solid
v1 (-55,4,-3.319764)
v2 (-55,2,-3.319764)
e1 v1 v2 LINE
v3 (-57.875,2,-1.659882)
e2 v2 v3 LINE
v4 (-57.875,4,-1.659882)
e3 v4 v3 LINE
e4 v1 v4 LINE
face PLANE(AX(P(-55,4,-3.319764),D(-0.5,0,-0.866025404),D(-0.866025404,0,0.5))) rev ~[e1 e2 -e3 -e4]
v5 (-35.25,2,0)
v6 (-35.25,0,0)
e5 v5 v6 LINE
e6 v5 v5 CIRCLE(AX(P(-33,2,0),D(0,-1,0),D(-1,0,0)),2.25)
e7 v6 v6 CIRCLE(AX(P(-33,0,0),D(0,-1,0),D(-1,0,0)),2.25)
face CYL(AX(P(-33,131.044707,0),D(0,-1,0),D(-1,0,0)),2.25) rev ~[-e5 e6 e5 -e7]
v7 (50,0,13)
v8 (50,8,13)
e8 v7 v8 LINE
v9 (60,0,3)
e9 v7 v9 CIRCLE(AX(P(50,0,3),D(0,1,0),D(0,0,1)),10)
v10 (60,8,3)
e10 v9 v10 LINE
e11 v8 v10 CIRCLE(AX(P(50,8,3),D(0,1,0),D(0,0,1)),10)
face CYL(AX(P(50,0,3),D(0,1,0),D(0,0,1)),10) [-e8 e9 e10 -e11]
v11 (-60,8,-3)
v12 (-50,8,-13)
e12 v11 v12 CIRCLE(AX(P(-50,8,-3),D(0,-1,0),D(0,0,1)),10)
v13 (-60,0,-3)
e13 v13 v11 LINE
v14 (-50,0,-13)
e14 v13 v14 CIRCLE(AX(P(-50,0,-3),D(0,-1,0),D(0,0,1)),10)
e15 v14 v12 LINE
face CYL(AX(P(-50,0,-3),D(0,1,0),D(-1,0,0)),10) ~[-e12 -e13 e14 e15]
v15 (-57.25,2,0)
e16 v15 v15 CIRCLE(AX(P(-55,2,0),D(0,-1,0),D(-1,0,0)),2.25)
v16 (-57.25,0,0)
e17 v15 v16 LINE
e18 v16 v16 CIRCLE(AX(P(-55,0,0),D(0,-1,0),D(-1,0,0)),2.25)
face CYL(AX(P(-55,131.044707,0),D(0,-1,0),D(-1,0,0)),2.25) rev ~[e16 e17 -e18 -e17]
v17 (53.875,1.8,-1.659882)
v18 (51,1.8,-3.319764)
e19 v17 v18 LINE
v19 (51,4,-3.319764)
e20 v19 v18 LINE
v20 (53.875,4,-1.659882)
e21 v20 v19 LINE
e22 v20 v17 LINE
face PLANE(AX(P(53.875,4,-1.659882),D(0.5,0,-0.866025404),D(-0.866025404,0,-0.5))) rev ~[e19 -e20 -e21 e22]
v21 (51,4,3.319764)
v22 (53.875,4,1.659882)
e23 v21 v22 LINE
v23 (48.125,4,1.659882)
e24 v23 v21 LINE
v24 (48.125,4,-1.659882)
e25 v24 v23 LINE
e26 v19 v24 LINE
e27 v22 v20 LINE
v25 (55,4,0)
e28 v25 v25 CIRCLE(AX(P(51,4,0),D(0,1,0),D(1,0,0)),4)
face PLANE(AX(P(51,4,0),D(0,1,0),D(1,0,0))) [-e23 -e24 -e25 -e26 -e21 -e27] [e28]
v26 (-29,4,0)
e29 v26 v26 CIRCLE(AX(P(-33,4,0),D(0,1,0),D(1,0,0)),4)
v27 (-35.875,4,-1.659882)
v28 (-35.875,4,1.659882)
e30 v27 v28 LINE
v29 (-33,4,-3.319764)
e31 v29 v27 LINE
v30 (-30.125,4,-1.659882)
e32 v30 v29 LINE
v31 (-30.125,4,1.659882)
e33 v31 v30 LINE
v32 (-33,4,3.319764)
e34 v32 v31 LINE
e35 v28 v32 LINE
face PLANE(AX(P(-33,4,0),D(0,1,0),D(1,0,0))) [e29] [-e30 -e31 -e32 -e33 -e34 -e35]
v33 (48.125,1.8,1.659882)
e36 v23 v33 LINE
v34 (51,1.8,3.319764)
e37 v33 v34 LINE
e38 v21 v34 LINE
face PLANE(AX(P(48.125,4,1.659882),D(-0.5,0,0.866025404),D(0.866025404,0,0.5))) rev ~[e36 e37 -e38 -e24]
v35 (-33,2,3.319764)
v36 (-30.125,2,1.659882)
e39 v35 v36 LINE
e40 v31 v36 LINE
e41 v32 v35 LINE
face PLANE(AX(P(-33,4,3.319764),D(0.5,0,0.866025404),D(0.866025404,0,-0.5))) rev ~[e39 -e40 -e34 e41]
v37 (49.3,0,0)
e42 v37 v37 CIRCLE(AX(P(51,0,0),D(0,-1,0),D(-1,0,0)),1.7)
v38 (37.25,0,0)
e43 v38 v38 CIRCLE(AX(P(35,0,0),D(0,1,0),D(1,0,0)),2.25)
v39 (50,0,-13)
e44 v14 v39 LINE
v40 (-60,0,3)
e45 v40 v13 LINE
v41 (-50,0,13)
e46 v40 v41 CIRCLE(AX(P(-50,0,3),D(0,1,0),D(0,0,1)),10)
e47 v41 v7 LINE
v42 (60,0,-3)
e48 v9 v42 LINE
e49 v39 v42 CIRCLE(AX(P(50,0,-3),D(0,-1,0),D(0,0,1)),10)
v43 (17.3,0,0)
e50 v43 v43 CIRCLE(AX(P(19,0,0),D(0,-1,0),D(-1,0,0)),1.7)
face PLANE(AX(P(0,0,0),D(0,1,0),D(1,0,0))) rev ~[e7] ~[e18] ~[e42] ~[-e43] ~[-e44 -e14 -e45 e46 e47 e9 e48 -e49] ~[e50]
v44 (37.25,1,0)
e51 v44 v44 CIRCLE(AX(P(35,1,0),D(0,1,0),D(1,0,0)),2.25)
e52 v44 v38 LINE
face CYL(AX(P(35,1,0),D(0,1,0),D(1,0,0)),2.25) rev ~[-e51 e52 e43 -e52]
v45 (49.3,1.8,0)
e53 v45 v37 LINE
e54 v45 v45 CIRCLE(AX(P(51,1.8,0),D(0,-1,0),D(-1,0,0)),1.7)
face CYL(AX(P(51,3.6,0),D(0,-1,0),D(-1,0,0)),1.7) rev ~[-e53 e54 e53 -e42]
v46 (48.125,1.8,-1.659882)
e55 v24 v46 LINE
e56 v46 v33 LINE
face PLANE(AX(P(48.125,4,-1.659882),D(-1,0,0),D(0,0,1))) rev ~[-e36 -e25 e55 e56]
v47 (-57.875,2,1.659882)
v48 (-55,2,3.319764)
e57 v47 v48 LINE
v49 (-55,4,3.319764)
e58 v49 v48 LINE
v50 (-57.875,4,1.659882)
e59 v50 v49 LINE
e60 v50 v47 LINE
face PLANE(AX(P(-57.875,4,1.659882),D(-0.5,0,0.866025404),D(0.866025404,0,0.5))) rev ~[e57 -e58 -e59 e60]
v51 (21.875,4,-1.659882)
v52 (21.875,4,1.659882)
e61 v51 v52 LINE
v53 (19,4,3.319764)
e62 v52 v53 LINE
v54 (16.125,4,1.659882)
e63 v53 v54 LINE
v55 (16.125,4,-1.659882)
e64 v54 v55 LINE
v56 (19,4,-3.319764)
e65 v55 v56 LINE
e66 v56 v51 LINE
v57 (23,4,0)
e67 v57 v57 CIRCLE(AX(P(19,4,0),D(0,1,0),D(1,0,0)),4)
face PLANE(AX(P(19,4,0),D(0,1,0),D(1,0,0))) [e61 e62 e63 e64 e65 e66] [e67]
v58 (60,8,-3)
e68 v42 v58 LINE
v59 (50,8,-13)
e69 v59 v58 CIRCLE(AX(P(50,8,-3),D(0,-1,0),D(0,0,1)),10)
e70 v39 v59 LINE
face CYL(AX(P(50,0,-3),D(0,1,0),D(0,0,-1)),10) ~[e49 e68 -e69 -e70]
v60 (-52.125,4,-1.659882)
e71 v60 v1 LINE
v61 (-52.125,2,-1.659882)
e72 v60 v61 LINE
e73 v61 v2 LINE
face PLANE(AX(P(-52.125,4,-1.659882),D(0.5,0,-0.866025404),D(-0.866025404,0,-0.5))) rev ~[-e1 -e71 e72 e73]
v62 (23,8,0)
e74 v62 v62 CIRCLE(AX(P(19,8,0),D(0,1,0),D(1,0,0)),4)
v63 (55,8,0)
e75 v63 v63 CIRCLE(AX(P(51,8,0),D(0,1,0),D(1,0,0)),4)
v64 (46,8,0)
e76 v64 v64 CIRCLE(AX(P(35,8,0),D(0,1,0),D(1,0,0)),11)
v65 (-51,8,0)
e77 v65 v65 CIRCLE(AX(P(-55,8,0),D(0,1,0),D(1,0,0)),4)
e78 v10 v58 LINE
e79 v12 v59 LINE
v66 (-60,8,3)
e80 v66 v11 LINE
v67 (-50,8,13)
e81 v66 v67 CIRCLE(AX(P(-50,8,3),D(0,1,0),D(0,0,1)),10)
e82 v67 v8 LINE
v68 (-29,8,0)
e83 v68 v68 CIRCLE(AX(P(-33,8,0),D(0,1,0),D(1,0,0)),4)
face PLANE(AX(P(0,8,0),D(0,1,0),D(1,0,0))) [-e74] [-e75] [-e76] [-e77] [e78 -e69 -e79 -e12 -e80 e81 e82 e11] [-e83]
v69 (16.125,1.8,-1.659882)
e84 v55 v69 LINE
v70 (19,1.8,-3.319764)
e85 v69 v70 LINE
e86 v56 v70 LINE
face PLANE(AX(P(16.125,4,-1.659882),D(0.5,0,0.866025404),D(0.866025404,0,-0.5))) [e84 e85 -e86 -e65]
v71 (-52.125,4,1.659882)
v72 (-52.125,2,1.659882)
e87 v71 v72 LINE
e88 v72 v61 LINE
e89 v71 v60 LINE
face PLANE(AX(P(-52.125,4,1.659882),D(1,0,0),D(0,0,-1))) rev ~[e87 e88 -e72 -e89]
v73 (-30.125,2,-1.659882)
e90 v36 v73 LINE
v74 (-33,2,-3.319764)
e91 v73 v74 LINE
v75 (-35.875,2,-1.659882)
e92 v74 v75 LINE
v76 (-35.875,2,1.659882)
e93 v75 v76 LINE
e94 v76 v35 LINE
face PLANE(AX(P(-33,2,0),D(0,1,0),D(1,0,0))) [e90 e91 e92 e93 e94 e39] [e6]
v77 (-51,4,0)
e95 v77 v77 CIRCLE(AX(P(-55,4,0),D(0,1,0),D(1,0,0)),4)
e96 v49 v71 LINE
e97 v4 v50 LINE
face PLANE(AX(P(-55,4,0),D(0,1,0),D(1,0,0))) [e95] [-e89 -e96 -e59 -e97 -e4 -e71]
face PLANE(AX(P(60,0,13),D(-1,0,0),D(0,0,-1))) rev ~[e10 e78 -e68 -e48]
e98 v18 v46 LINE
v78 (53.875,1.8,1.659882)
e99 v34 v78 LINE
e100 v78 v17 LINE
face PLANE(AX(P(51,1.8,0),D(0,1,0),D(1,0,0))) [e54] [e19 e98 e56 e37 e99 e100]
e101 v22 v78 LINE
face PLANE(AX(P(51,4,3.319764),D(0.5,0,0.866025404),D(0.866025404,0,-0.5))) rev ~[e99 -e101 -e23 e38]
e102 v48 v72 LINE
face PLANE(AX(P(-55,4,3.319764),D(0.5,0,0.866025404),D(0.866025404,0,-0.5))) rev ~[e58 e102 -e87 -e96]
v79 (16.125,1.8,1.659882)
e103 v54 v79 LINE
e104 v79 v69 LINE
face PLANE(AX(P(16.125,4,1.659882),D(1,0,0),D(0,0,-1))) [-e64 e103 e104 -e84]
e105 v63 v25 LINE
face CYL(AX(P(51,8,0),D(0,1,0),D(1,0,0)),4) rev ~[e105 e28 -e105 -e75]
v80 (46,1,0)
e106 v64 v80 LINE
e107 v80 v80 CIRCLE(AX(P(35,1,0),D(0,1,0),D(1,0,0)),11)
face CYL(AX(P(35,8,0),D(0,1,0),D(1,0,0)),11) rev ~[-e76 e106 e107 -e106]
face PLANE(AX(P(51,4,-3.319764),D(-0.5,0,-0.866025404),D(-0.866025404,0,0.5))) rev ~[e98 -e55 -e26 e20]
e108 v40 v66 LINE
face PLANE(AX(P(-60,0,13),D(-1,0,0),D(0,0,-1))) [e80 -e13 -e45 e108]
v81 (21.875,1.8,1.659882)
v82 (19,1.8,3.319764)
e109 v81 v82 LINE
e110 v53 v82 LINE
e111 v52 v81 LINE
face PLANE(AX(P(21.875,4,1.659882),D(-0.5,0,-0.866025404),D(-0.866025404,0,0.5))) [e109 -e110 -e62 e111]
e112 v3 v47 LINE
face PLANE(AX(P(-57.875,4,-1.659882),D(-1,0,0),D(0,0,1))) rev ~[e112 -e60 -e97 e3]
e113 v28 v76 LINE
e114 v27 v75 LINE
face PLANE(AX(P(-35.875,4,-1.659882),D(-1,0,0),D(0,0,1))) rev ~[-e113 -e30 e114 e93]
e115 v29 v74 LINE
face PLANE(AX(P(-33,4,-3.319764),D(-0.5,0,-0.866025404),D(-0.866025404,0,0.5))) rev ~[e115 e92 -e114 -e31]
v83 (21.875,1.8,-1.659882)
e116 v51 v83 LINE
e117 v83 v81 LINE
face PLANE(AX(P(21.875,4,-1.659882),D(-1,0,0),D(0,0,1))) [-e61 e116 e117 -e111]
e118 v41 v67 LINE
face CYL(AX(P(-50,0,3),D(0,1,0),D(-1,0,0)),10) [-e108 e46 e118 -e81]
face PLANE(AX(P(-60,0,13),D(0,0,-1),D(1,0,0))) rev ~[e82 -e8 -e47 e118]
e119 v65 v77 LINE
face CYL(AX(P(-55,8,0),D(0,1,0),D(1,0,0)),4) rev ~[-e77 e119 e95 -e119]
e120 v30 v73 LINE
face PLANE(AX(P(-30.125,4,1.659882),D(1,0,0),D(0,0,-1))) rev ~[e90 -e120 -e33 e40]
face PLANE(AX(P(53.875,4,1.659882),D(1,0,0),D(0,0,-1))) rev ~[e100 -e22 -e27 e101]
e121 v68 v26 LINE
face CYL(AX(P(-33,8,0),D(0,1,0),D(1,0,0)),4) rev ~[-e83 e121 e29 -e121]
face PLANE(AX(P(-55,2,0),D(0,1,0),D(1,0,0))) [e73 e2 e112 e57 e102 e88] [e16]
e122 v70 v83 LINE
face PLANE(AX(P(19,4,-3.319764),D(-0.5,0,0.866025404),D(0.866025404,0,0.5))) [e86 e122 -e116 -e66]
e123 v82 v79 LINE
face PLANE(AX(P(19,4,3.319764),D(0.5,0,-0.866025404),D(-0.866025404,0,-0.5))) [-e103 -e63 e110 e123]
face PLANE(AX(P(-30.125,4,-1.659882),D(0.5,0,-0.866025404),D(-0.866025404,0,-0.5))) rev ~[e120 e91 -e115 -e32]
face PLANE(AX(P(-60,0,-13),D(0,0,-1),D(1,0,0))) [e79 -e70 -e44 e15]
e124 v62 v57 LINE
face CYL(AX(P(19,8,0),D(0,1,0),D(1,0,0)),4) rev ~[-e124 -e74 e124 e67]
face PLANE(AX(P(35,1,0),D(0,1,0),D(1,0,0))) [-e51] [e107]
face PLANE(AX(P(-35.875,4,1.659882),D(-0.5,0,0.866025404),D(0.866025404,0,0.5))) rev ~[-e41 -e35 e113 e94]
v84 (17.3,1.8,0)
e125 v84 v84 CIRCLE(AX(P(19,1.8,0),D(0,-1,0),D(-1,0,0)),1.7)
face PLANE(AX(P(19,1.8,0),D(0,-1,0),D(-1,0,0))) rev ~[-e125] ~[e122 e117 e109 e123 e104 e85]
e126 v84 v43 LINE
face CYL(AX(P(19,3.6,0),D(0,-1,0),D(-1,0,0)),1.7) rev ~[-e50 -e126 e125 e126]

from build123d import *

# Parameters (mm, degrees)
SKETCH1_W                = 120
SKETCH1_H                = 26
BOSS_EXTRUDE1_DEPTH      = 8
SKETCH2_R                = 11
CUT_EXTRUDE1_DEPTH       = 7
SKETCH5_R                = 2.25
CUT_EXTRUDE2_DEPTH       = 2
SKETCH6_R                = 4
CUT_EXTRUDE3_DEPTH       = 4
CUT_EXTRUDE4_DEPTH       = 2.2
M3_CLEARANCE_HOLE1_D     = 3.4
M3_CLEARANCE_HOLE1_DEPTH = 1.8
M4_CLEARANCE_HOLE1_D     = 4.5
SKETCH10_R               = 4
CUT_EXTRUDE5_DEPTH       = 4
CUT_EXTRUDE6_DEPTH       = 2
FILLET1_R                = 10


with BuildPart() as part:
    # Sketch1 → Boss-Extrude1 (new body)
    with BuildSketch(Plane(origin=(0, 0, 0), x_dir=(1, 0, 0), z_dir=(0, 1, 0))):
        Rectangle(SKETCH1_W, SKETCH1_H)
    extrude(amount=BOSS_EXTRUDE1_DEPTH)

    # Sketch2 → Cut-Extrude1 (cut)
    with BuildSketch(Plane(origin=(0, 8, 0), x_dir=(1, 0, 0), z_dir=(0, 1, 0))):
        with Locations((35, 0)):
            Circle(SKETCH2_R)
    extrude(amount=-CUT_EXTRUDE1_DEPTH, mode=Mode.SUBTRACT)

    # Sketch5 → Cut-Extrude2 (cut, through all)
    with BuildSketch(Plane(origin=(0, 1, 0), x_dir=(1, 0, 0), z_dir=(0, 1, 0))):
        with Locations((35, 0)):
            Circle(SKETCH5_R)
    extrude(amount=-CUT_EXTRUDE2_DEPTH, mode=Mode.SUBTRACT)

    # Sketch6 → Cut-Extrude3 (cut)
    with BuildSketch(Plane(origin=(0, 8, 0), x_dir=(1, 0, 0), z_dir=(0, 1, 0))):
        with Locations((51, 0)):
            Circle(SKETCH6_R)
        with Locations((19, 0)):
            Circle(SKETCH6_R)
    extrude(amount=-CUT_EXTRUDE3_DEPTH, mode=Mode.SUBTRACT)

    # Sketch7 → Cut-Extrude4 (cut)
    with BuildSketch(Plane(origin=(0, 4, 0), x_dir=(1, 0, 0), z_dir=(0, 1, 0))):
        Polygon((53.875, -1.659882024), (53.875, 1.659882024), (51, 3.319764048), (48.125, 1.659882024), (48.125, -1.659882024), (51, -3.319764048), align=None)
        Polygon((19, -3.319764048), (16.125, -1.659882024), (16.125, 1.659882024), (19, 3.319764048), (21.875, 1.659882024), (21.875, -1.659882024), align=None)
    extrude(amount=-CUT_EXTRUDE4_DEPTH, mode=Mode.SUBTRACT)

    # M3 Clearance Hole1
    with Locations(Plane(origin=(0, 1.8, 0), x_dir=(1, 0, 0), z_dir=(0, 1, 0))):
        with Locations((51, 0), (19, 0)):
            Hole(M3_CLEARANCE_HOLE1_D / 2, depth=M3_CLEARANCE_HOLE1_DEPTH)

    # M4 Clearance Hole1 (through all)
    with Locations(Plane(origin=(0, 8, 0), x_dir=(1, 0, 0), z_dir=(0, 1, 0))):
        with Locations((-33, 0), (-55, 0)):
            Hole(M4_CLEARANCE_HOLE1_D / 2)

    # Sketch10 → Cut-Extrude5 (cut)
    with BuildSketch(Plane(origin=(0, 8, 0), x_dir=(1, 0, 0), z_dir=(0, 1, 0))):
        with Locations((-55, 0)):
            Circle(SKETCH10_R)
        with Locations((-33, 0)):
            Circle(SKETCH10_R)
    extrude(amount=-CUT_EXTRUDE5_DEPTH, mode=Mode.SUBTRACT)

    # Sketch11 → Cut-Extrude6 (cut)
    with BuildSketch(Plane(origin=(0, 4, 0), x_dir=(1, 0, 0), z_dir=(0, 1, 0))):
        Polygon((-55, -3.319764048), (-52.125, -1.659882024), (-52.125, 1.659882024), (-55, 3.319764048), (-57.875, 1.659882024), (-57.875, -1.659882024), align=None)
        Polygon((-35.875, -1.659882024), (-33, -3.319764048), (-30.125, -1.659882024), (-30.125, 1.659882024), (-33, 3.319764048), (-35.875, 1.659882024), align=None)
    extrude(amount=-CUT_EXTRUDE6_DEPTH, mode=Mode.SUBTRACT)

    # Fillet1
    fillet1_edges = [part.edges().sort_by_distance(p)[0] for p in [
        (-60, 4, -13),
        (60, 4, -13),
        (60, 4, 13),
        (-60, 4, 13),
    ]]
    fillet(fillet1_edges, radius=FILLET1_R)


solid = part.part
